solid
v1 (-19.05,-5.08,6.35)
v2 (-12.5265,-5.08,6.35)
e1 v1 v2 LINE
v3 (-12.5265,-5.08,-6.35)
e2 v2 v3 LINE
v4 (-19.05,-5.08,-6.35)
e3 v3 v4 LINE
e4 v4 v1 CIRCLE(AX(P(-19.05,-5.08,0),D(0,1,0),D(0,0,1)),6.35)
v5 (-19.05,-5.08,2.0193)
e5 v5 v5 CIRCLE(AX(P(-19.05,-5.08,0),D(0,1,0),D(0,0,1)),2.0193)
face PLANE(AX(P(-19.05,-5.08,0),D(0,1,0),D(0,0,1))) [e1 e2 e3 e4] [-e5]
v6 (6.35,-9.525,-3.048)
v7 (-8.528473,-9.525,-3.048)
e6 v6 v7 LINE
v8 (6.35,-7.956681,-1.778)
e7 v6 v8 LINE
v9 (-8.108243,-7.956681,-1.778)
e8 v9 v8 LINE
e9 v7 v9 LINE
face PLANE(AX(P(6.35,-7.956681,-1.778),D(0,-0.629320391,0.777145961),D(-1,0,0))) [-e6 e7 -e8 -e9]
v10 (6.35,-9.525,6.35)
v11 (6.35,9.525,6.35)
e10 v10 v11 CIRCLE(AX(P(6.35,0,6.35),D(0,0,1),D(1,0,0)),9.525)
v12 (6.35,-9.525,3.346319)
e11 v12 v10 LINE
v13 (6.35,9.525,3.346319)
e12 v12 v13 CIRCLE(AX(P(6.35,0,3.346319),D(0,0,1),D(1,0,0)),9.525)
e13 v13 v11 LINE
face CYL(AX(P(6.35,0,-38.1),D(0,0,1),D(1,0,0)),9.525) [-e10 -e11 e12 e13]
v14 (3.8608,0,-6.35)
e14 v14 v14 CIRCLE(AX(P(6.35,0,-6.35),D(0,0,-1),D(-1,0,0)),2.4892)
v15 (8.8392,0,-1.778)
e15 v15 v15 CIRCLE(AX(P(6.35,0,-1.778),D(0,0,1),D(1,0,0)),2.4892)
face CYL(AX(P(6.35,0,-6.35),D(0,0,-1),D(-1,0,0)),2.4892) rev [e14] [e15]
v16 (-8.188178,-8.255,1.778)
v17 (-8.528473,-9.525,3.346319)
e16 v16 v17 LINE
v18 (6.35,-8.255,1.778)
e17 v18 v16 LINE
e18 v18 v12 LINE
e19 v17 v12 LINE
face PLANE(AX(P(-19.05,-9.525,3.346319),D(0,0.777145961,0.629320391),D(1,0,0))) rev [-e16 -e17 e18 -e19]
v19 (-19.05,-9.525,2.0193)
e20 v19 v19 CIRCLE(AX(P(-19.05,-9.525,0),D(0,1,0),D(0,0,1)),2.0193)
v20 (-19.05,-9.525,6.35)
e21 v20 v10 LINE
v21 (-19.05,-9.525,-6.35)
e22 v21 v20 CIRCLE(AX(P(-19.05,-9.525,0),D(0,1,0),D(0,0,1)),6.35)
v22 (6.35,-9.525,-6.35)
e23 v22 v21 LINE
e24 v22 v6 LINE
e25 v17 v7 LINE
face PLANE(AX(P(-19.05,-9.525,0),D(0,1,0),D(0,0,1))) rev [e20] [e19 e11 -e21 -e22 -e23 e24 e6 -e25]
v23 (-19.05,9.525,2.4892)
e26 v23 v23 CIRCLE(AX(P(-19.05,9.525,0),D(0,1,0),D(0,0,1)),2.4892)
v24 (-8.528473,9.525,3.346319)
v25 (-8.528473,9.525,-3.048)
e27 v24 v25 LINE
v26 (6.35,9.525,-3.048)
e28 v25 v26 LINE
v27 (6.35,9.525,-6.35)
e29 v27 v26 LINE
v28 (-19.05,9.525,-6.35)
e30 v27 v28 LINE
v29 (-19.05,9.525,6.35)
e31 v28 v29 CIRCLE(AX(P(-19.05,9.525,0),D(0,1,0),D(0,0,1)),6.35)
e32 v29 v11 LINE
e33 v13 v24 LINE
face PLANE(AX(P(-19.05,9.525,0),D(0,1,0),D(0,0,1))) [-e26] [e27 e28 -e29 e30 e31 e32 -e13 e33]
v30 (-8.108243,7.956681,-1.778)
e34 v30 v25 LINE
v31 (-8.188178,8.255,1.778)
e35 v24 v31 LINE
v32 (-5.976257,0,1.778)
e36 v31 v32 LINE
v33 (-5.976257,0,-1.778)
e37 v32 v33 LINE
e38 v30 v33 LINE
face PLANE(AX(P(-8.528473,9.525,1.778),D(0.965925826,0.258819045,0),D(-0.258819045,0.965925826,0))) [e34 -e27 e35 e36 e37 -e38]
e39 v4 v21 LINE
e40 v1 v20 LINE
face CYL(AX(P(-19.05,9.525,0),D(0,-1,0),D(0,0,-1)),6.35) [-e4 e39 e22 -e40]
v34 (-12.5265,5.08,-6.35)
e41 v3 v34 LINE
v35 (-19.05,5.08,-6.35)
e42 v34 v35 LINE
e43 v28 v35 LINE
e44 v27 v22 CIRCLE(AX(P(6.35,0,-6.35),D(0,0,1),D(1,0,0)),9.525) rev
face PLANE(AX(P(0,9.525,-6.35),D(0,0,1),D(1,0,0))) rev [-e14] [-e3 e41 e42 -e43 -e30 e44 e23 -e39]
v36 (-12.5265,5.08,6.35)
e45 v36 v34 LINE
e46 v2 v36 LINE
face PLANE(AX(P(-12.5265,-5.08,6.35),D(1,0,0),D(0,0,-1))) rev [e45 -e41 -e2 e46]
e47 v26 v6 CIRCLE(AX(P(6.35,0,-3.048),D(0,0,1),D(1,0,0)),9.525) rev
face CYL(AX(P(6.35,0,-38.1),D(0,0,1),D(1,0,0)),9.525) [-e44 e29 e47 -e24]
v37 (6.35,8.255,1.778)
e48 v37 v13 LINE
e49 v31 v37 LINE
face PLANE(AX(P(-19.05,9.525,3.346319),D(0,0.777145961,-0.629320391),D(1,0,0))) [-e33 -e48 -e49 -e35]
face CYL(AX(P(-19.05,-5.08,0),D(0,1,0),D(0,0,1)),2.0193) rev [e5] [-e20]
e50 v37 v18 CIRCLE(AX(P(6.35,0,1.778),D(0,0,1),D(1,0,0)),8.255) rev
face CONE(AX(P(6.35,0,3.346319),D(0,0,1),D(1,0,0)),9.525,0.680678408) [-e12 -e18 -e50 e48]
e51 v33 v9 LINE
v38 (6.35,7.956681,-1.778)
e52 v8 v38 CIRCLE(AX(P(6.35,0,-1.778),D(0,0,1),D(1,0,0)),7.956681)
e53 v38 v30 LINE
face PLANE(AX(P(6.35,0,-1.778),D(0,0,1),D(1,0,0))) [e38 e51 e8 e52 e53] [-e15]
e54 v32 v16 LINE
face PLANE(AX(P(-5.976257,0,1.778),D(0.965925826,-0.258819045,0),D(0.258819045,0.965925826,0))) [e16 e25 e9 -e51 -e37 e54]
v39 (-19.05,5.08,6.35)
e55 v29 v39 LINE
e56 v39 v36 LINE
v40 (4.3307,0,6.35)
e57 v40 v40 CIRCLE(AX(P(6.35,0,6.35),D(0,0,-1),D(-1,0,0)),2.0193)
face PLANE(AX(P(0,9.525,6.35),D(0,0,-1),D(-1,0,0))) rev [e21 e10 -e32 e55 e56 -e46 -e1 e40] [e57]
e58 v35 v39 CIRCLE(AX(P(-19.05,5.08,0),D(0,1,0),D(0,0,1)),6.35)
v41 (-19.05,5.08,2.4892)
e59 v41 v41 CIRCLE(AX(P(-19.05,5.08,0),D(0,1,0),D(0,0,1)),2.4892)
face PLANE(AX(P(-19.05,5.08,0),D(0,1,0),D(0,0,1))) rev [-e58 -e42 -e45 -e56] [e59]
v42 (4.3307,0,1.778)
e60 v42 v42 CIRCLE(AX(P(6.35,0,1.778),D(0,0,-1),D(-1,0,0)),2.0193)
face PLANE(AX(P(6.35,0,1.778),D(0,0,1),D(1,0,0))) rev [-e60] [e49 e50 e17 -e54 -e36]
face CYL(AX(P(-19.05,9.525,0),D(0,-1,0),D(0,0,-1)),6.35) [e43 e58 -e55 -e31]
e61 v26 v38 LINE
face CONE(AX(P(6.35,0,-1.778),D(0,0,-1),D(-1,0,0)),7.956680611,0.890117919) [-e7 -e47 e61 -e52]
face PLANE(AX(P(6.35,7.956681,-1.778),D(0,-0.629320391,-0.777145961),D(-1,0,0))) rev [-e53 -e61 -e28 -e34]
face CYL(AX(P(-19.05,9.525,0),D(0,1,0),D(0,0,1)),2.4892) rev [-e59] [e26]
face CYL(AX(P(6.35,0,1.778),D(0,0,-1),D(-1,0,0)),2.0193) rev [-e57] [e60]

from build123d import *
from OCP.BRepFilletAPI import BRepFilletAPI_MakeChamfer

# Parameters (mm, degrees)
BOSS_EXTRUDE1_DEPTH        = 9.525
BOSS_EXTRUDE2_DEPTH        = 12.7
CUT_EXTRUDE1_DEPTH         = 5.08
F_10_32_TAPPED_HOLE1_D     = 4.0386
F_10_32_TAPPED_HOLE1_DEPTH = 4.445
F_10_CLEARANCE_HOLE1_D     = 4.9784
F_10_CLEARANCE_HOLE1_DEPTH = 14.604
CUT_EXTRUDE2_DEPTH         = 1.778
F_10_CLEARANCE_HOLE2_D     = 4.9784
F_10_CLEARANCE_HOLE2_DEPTH = 8.127
F_10_32_TAPPED_HOLE2_D     = 4.0386
CHAMFER1_SIZE              = 1.27
CHAMFER1_SIZE2             = 1.568319389


with BuildPart() as part:
    # Sketch1 → Boss-Extrude1 (new, symmetric)
    with BuildSketch(Plane(origin=(0, 0, 0), x_dir=(1, 0, 0), z_dir=(0, 1, 0))):
        with BuildLine():
            Line((0, -6.35), (-19.05, -6.35))
            ThreePointArc((-19.05, -6.35), (-25.4, 0), (-19.05, 6.35))
            Line((-19.05, 6.35), (0, 6.35))
            Line((0, 6.35), (0, -6.35))
        make_face()
    extrude(amount=BOSS_EXTRUDE1_DEPTH, both=True)

    # Sketch2 → Boss-Extrude2 (add)
    with BuildSketch(Plane.XY.offset(6.35)):
        with BuildLine():
            Line((0, 9.525), (6.35, 9.525))
            ThreePointArc((6.35, 9.525), (15.875, 0), (6.35, -9.525))
            Line((6.35, -9.525), (0, -9.525))
            ThreePointArc((0, -9.525), (-9.525, 0), (0, 9.525))
        make_face()
    extrude(amount=-BOSS_EXTRUDE2_DEPTH)

    # Sketch3 → Cut-Extrude1 (cut, symmetric)
    with BuildSketch(Plane(origin=(0, 0, 0), x_dir=(1, 0, 0), z_dir=(0, 1, 0))):
        with BuildLine():
            Line((-12.526499966, 6.35), (-19.05, 6.35))
            ThreePointArc((-19.05, 6.35), (-25.4, 0), (-19.05, -6.35))
            Line((-19.05, -6.35), (-12.526499966, -6.35))
            Line((-12.526499966, -6.35), (-12.526499966, 6.35))
        make_face()
    extrude(amount=CUT_EXTRUDE1_DEPTH, both=True, mode=Mode.SUBTRACT)

    # #10-32 Tapped Hole1
    with Locations(Plane(origin=(0, -5.08, 0), x_dir=(1, 0, 0), z_dir=(0, 1, 0))):
        with Locations((-19.05, 0)):
            Hole(F_10_32_TAPPED_HOLE1_D / 2, depth=F_10_32_TAPPED_HOLE1_DEPTH)

    # #10 Clearance Hole1
    with Locations(Plane(origin=(0, 9.525, 0), x_dir=(1, 0, 0), z_dir=(0, 1, 0))):
        with Locations((-19.05, 0)):
            Hole(F_10_CLEARANCE_HOLE1_D / 2, depth=F_10_CLEARANCE_HOLE1_DEPTH)

    # Sketch9 → Cut-Extrude2 (cut, symmetric)
    with BuildSketch(Plane.XY):
        with BuildLine():
            Line((-5.976257023, 0), (-8.528473081, -9.525))
            Line((-8.528473081, -9.525), (6.35, -9.525))
            ThreePointArc((6.35, -9.525), (15.875, 0), (6.35, 9.525))
            Line((6.35, 9.525), (-8.528473081, 9.525))
            Line((-8.528473081, 9.525), (-5.976257023, 0))
        make_face()
    extrude(amount=CUT_EXTRUDE2_DEPTH, both=True, mode=Mode.SUBTRACT)

    # #10 Clearance Hole2
    with Locations(Plane(origin=(0, 0, -6.35), x_dir=(-1, 0, 0), z_dir=(0, 0, -1))):
        with Locations((-6.35, 0)):
            Hole(F_10_CLEARANCE_HOLE2_D / 2, depth=F_10_CLEARANCE_HOLE2_DEPTH)

    # #10-32 Tapped Hole2 (through all)
    with Locations(Plane(origin=(0, 0, 1.778), x_dir=(-1, 0, 0), z_dir=(0, 0, -1))):
        with Locations((-6.35, 0)):
            Hole(F_10_32_TAPPED_HOLE2_D / 2)

    # Chamfer1: one chamfer whose edges measure the first distance from different faces: ONE call of the kernel's chamfer builder (chamfer() names one face for all edges)
    chamfer1_edges_1 = [part.edges().sort_by_distance(p)[0] for p in [
        (-1.08923654, -9.525, -1.778),
    ]]
    chamfer1_side_1 = [part.faces().sort_by_distance(p)[0] for p in [
        (-9.756442015, -9.525, 0),
    ]]
    chamfer1_edges_2 = [part.edges().sort_by_distance(p)[0] for p in [
        (15.875, 0, -1.778),
    ]]
    chamfer1_side_2 = [part.faces().sort_by_distance(p)[0] for p in [
        (15.875, 0, -4.064),
    ]]
    chamfer1_edges_3 = [part.edges().sort_by_distance(p)[0] for p in [
        (-1.08923654, 9.525, -1.778),
    ]]
    chamfer1_side_3 = [part.faces().sort_by_distance(p)[0] for p in [
        (-9.559168107, 9.525, 0),
    ]]
    chamfer1_edges_4 = [part.edges().sort_by_distance(p)[0] for p in [
        (-1.08923654, -9.525, 1.778),
        (15.875, 0, 1.778),
        (-1.08923654, 9.525, 1.778),
    ]]
    chamfer1_side_4 = [part.faces().sort_by_distance(p)[0] for p in [
        (3.285858214, 0, 1.778),
    ]]
    chamfer1 = BRepFilletAPI_MakeChamfer(part.part.solid().wrapped)
    for e in chamfer1_edges_1:
        chamfer1.Add(CHAMFER1_SIZE, CHAMFER1_SIZE2, e.wrapped, chamfer1_side_1[0].wrapped)  # the first distance lies on this face
    for e in chamfer1_edges_2:
        chamfer1.Add(CHAMFER1_SIZE, CHAMFER1_SIZE2, e.wrapped, chamfer1_side_2[0].wrapped)  # the first distance lies on this face
    for e in chamfer1_edges_3:
        chamfer1.Add(CHAMFER1_SIZE, CHAMFER1_SIZE2, e.wrapped, chamfer1_side_3[0].wrapped)  # the first distance lies on this face
    for e in chamfer1_edges_4:
        chamfer1.Add(CHAMFER1_SIZE, CHAMFER1_SIZE2, e.wrapped, chamfer1_side_4[0].wrapped)  # the first distance lies on this face
    add(Compound.cast(chamfer1.Shape()), mode=Mode.REPLACE)


solid = part.part
